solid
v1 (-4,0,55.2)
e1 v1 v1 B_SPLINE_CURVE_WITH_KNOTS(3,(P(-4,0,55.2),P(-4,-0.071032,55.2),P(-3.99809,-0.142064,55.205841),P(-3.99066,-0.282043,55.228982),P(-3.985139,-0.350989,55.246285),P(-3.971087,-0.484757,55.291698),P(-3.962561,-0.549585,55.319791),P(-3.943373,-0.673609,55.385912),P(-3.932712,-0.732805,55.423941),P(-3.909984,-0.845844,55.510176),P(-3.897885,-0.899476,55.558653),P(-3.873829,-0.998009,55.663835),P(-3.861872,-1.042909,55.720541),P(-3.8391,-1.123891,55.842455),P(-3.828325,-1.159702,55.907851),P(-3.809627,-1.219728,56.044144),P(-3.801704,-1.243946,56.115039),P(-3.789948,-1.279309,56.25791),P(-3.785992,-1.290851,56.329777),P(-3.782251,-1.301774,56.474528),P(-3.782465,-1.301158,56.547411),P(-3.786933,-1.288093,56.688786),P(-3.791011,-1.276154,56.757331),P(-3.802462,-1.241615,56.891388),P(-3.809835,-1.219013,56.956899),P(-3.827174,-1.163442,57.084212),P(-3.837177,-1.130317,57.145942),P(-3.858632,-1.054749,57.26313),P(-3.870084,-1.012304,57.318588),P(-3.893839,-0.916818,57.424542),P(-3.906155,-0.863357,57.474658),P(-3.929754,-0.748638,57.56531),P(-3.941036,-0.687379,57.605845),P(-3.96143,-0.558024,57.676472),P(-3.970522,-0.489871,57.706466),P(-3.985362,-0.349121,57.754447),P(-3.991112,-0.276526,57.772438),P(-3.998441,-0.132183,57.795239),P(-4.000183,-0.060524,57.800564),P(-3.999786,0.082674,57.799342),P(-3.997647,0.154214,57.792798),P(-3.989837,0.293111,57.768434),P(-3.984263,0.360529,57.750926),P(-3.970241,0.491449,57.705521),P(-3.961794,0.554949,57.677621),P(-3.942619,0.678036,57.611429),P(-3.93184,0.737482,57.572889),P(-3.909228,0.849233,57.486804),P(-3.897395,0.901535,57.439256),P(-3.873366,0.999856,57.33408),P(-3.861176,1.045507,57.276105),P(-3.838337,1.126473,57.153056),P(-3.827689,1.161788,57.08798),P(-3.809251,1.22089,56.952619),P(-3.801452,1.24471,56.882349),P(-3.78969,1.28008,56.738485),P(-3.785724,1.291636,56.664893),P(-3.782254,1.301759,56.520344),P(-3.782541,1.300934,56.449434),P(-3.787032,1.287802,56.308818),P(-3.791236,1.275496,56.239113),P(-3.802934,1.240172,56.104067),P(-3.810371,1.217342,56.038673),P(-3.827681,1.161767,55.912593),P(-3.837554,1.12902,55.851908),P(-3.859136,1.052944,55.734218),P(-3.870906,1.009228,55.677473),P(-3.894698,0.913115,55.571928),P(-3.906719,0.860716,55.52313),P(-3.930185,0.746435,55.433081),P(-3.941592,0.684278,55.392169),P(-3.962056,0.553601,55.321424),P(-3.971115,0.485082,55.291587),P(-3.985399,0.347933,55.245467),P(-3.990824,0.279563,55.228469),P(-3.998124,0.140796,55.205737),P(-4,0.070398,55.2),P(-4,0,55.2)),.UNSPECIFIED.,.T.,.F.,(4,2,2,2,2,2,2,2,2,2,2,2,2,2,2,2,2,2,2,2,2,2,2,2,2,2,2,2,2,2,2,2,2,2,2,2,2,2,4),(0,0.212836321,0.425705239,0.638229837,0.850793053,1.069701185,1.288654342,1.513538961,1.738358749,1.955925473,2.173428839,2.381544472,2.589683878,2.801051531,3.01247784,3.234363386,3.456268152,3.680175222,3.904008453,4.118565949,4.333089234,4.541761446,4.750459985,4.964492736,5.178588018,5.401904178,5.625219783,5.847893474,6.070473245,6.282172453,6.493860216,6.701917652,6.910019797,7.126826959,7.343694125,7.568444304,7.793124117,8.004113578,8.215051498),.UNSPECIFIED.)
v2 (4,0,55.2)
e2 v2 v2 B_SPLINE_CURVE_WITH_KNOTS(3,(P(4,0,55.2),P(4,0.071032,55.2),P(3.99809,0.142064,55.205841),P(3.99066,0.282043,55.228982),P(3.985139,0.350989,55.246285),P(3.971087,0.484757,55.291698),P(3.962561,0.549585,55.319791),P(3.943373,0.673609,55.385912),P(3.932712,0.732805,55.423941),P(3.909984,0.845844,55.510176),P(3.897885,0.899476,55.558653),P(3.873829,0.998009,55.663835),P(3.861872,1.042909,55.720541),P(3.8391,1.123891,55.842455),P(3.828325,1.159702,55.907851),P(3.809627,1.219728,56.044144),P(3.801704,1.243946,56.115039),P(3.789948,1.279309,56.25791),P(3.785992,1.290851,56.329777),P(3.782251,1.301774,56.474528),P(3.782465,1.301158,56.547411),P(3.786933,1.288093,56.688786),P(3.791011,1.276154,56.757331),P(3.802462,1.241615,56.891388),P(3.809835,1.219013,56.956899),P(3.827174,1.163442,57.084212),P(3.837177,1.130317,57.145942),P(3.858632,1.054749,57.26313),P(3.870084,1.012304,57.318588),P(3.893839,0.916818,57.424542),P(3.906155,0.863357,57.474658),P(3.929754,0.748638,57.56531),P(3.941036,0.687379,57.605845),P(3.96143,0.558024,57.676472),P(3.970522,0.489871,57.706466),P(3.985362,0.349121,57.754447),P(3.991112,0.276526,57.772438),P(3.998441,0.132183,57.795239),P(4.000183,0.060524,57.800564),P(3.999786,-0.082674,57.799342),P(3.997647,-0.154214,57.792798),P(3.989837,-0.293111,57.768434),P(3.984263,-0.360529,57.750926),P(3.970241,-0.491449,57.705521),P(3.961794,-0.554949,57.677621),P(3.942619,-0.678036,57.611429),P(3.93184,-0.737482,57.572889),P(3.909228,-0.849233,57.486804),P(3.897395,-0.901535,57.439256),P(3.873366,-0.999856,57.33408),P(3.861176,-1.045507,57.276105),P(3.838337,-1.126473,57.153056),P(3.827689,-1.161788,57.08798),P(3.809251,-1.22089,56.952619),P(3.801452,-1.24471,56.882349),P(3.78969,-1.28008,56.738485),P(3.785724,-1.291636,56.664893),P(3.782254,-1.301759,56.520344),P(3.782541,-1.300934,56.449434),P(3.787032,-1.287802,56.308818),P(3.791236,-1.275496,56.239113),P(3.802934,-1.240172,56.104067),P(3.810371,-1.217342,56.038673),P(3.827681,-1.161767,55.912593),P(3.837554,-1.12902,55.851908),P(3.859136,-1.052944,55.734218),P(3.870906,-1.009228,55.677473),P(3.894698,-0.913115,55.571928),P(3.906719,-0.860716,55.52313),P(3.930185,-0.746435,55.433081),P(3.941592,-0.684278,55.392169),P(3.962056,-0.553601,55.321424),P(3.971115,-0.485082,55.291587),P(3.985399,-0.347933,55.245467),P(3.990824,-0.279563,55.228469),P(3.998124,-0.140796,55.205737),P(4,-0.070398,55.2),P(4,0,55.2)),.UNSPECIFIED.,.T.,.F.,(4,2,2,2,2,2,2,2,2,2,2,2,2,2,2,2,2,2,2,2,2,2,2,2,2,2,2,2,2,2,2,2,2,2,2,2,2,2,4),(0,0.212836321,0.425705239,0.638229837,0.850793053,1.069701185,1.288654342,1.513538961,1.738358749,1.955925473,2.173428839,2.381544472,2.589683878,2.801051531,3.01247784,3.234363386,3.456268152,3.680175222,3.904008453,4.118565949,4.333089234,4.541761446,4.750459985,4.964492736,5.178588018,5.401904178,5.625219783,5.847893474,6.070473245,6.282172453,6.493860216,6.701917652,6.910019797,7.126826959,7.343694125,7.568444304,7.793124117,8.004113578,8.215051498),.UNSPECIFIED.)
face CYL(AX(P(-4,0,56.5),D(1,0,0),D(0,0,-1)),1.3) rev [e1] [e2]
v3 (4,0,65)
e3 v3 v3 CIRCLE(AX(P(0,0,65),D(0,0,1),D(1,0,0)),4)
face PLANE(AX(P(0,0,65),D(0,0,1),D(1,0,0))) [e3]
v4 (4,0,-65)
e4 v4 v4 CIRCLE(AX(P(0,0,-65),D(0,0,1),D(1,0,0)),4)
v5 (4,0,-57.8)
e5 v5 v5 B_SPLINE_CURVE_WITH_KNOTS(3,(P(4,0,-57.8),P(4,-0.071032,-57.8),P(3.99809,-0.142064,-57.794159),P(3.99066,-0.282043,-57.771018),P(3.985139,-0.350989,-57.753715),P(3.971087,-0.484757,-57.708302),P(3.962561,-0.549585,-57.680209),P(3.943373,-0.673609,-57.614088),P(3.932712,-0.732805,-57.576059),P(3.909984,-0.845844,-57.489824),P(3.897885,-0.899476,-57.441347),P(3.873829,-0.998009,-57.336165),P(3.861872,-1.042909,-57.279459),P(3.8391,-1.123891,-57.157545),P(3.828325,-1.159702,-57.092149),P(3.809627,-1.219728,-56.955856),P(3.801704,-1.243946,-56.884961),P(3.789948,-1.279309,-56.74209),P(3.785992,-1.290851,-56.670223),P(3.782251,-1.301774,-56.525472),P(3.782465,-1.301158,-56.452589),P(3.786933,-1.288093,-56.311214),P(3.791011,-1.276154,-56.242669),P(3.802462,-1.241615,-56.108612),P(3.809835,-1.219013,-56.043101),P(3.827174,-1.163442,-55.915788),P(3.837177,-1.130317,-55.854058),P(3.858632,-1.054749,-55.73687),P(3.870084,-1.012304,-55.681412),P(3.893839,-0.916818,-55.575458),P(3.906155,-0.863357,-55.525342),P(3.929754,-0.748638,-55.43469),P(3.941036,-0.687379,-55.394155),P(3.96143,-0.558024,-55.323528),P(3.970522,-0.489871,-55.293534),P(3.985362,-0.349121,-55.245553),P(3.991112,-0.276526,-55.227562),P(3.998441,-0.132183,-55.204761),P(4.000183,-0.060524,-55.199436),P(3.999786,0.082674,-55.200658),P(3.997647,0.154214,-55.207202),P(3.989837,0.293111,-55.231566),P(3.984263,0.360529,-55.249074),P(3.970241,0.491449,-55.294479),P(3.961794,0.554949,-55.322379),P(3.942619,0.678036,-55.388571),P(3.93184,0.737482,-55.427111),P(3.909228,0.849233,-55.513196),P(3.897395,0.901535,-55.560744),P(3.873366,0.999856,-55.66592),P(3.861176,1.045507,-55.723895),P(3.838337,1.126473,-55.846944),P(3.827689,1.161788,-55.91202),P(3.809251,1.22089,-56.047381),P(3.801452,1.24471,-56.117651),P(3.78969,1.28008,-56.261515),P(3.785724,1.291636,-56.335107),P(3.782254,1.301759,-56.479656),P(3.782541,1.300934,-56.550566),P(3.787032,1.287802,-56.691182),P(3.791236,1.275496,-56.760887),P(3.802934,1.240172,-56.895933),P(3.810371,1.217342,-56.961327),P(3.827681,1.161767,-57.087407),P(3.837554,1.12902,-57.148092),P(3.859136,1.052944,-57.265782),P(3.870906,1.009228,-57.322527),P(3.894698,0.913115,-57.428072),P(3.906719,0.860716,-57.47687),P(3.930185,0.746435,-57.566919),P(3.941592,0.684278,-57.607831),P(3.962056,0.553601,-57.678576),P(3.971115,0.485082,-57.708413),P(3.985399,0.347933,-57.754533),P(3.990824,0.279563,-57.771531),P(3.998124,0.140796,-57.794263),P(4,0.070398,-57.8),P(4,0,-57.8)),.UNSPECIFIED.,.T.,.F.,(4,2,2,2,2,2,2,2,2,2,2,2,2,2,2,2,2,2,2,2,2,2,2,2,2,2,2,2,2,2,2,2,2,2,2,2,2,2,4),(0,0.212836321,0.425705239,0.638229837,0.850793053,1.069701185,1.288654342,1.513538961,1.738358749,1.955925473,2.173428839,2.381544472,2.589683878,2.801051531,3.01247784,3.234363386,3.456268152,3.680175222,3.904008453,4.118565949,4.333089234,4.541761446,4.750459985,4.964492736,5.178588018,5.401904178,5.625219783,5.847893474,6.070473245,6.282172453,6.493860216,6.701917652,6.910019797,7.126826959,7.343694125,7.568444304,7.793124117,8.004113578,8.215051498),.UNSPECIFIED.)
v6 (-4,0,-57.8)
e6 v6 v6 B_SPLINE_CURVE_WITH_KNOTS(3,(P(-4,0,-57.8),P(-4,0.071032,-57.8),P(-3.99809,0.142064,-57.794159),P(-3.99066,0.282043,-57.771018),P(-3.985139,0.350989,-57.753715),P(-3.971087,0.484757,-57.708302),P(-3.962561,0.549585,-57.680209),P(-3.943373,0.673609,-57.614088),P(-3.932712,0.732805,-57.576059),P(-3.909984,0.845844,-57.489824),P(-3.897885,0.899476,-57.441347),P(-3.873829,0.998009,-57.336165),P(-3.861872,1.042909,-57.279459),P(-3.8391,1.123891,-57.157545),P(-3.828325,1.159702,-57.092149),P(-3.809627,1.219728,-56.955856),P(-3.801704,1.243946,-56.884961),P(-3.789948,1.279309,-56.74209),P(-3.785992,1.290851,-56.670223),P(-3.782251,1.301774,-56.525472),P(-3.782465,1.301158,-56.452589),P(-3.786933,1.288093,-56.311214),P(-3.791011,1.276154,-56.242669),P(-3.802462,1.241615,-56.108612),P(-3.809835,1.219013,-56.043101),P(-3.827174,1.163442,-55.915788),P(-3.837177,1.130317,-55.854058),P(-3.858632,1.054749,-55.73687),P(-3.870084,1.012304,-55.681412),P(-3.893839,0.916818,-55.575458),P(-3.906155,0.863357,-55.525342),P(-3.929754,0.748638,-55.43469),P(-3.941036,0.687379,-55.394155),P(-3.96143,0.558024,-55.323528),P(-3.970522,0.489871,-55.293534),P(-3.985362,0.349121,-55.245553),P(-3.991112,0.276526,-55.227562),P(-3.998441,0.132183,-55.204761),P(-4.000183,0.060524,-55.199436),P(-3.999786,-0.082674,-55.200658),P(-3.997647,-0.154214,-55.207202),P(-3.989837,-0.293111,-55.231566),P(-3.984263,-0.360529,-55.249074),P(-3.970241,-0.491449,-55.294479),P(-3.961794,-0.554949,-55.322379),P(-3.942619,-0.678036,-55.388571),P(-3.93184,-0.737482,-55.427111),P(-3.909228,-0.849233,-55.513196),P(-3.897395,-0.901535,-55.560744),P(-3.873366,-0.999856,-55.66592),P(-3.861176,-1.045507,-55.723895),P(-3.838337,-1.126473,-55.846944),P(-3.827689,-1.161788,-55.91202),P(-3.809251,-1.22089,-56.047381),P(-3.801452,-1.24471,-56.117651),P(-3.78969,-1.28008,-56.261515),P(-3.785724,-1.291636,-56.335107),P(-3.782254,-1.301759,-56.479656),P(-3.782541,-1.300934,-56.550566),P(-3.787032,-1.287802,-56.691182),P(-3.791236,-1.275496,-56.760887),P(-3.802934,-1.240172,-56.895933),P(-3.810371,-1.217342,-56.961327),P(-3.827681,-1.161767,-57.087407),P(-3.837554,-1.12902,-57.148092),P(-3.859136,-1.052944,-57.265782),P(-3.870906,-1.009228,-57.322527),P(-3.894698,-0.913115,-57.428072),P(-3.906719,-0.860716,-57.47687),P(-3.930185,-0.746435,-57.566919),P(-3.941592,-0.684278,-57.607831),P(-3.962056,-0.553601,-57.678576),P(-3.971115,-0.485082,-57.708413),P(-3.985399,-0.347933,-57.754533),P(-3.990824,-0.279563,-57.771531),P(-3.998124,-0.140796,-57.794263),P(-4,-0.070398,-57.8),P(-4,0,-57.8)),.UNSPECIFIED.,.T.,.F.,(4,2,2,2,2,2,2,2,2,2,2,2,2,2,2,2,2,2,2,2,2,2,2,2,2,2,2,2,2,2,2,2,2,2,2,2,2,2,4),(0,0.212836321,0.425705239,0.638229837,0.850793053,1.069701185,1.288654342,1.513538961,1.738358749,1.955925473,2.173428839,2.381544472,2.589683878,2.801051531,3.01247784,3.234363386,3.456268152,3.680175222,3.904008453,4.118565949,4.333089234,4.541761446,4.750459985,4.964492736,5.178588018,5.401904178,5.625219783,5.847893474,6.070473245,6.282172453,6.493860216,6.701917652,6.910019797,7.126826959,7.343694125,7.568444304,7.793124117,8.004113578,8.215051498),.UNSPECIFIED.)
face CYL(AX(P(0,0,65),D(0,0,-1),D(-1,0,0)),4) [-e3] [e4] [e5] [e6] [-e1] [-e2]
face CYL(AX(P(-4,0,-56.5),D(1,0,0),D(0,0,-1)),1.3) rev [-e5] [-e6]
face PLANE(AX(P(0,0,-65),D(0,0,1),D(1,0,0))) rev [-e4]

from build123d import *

# Parameters (mm, degrees)
SKETCH1_R           = 4
BOSS_EXTRUDE1_DEPTH = 65
SKETCH2_R           = 1.3
CUT_EXTRUDE1_DEPTH  = 66.245689513


with BuildPart() as part:
    # Sketch1 → Boss-Extrude1 (new, symmetric)
    with BuildSketch(Plane.XY):
        Circle(SKETCH1_R)
    extrude(amount=BOSS_EXTRUDE1_DEPTH, both=True)

    # Sketch2 → Cut-Extrude1 (cut, symmetric)
    with BuildSketch(Plane(origin=(0, 0, 0), x_dir=(0, 0, -1), z_dir=(1, 0, 0))):
        with Locations((56.5, 0)):
            Circle(SKETCH2_R)
    cut_extrude1 = extrude(amount=CUT_EXTRUDE1_DEPTH, both=True, mode=Mode.SUBTRACT)

    # Mirror1: Cut-Extrude1 across plane
    add(cut_extrude1.mirror(Plane.XY), mode=Mode.SUBTRACT)


solid = part.part
